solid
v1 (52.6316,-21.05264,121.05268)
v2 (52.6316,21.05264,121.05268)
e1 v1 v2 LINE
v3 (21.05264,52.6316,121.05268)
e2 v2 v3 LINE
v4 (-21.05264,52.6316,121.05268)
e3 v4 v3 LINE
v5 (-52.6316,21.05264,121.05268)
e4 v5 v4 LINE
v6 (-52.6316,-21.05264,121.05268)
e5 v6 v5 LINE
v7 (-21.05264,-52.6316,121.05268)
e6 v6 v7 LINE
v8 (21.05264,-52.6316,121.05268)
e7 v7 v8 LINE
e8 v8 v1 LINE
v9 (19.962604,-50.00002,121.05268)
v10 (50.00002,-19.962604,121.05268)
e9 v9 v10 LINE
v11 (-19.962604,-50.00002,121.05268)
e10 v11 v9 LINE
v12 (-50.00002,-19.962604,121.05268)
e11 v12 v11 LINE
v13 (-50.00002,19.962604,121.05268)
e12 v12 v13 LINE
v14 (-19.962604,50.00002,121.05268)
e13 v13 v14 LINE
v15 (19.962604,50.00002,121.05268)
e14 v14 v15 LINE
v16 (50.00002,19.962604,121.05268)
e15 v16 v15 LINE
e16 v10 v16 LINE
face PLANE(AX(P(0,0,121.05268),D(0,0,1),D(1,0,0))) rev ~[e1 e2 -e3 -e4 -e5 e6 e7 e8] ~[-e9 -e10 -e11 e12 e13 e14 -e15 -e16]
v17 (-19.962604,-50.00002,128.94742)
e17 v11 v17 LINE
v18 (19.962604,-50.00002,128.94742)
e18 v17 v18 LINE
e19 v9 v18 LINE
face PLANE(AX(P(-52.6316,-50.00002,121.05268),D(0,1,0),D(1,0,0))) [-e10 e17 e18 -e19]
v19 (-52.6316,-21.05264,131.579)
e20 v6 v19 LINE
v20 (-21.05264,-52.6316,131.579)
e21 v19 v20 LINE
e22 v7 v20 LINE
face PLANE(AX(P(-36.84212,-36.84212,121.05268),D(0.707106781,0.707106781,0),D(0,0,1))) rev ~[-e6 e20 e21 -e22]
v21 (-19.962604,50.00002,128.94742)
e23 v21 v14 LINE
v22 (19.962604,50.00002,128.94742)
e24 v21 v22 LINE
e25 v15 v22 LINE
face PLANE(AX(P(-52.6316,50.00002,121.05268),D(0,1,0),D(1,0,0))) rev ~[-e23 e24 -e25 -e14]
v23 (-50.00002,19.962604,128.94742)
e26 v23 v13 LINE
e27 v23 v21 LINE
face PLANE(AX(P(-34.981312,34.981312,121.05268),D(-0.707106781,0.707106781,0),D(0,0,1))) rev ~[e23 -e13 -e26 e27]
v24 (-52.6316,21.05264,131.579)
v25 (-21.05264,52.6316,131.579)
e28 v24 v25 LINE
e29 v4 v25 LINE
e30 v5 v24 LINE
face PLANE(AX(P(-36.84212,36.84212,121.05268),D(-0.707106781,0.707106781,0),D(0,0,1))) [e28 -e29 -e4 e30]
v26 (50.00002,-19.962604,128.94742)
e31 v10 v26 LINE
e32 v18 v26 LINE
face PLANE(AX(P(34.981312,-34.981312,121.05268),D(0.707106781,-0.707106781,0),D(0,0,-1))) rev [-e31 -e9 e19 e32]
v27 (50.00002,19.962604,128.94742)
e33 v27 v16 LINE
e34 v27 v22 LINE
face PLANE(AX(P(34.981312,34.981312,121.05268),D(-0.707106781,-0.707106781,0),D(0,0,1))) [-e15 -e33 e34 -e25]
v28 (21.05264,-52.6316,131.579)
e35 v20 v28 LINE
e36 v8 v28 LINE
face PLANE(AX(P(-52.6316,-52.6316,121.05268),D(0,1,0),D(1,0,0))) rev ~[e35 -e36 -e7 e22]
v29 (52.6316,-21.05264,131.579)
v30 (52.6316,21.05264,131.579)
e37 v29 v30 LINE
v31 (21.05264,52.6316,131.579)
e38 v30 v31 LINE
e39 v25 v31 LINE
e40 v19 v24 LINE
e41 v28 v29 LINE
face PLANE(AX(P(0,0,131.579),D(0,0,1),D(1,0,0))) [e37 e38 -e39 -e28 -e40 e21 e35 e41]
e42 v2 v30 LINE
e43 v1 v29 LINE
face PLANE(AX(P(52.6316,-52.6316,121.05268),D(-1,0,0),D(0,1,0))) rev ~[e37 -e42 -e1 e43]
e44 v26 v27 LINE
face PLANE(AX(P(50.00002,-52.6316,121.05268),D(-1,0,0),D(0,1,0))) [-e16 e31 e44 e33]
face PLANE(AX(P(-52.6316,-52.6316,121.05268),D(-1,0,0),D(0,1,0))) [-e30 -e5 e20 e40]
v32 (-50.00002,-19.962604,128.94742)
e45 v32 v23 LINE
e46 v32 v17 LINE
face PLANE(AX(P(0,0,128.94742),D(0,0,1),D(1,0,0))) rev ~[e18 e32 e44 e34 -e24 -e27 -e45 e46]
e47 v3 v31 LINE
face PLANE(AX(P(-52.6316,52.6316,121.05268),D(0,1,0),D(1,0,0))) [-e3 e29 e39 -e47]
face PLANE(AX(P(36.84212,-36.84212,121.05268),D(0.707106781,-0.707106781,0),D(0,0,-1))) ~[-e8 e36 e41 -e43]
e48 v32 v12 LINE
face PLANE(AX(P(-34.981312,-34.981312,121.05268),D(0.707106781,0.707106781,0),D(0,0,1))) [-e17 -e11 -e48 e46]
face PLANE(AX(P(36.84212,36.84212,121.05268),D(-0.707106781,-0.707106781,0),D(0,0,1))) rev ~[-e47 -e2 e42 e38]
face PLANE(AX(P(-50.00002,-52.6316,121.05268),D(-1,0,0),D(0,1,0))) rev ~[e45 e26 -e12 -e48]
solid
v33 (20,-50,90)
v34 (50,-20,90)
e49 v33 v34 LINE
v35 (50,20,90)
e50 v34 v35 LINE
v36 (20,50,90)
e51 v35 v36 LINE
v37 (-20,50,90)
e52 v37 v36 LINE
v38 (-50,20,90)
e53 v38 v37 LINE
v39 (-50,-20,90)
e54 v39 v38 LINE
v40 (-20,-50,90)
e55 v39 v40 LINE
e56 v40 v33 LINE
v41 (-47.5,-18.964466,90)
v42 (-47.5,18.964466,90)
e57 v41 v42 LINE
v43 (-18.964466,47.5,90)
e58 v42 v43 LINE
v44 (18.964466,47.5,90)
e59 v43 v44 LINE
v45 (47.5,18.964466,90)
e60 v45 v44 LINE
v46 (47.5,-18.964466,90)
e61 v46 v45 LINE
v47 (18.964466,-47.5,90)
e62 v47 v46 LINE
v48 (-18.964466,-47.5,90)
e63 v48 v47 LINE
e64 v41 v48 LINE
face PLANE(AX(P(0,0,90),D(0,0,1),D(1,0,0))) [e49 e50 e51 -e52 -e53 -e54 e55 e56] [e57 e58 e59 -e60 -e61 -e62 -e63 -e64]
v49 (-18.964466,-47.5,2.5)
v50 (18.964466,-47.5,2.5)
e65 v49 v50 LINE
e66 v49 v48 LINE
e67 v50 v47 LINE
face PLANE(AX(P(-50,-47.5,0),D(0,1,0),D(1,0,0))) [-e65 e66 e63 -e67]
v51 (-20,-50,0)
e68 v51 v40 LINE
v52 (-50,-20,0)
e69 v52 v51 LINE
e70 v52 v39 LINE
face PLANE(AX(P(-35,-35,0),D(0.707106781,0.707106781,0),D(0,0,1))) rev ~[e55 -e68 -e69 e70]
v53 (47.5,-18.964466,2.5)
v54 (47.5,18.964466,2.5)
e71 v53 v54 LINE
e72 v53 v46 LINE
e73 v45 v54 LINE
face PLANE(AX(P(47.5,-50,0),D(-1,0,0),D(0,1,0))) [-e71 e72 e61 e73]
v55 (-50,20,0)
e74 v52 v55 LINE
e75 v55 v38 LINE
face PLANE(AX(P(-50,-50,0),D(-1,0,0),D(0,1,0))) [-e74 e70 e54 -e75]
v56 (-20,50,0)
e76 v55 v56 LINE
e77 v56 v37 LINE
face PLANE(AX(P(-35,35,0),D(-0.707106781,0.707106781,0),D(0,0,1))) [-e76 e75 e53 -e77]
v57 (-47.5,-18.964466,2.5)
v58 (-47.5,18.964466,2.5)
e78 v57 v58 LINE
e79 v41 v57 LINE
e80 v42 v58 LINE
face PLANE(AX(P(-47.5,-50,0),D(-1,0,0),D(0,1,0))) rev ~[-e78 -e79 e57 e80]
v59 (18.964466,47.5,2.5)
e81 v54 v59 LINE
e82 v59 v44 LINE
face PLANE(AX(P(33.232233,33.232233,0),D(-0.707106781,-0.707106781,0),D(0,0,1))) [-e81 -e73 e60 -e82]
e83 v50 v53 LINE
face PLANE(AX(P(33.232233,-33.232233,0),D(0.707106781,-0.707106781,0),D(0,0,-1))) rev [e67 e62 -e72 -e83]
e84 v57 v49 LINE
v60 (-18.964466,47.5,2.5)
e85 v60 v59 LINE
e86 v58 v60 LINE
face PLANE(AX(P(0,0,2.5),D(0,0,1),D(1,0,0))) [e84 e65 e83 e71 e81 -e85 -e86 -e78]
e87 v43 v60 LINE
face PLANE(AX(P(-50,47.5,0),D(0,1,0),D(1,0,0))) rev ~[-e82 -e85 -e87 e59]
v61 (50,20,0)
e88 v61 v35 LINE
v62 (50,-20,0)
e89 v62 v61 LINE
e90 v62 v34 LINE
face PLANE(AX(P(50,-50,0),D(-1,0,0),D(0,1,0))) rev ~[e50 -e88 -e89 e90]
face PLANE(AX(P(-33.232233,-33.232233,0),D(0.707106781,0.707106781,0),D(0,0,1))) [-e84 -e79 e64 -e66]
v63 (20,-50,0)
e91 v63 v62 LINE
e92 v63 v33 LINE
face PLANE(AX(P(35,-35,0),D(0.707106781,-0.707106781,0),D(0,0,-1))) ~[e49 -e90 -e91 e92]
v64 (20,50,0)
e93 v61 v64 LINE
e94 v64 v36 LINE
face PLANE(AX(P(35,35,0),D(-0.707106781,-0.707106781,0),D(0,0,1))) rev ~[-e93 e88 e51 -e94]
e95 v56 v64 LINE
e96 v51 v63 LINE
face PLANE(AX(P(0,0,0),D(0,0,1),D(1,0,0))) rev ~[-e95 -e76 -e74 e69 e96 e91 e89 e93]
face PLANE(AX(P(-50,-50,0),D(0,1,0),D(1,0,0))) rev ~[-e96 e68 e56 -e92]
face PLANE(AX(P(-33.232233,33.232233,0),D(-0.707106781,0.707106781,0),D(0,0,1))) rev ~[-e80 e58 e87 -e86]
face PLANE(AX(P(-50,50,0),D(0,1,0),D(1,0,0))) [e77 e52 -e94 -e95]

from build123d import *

# Parameters (mm, degrees)
F0_W     = 100
F0_H     = 100
F1_DEPTH = 90
F2_SIZE  = 30
F3_T     = -2.5
F5_W     = 100
F5_H     = 100
F6_DEPTH = 10
F7_SIZE  = 30
F8_T     = -2.5
F9_SCALE = 1.052632


with BuildPart() as f1:
    # F0 (on Top) → F1 (new body)
    with BuildSketch(Plane.XY):
        Rectangle(F0_W, F0_H)
    extrude(amount=F1_DEPTH)

    # F2
    f2_edges = [f1.edges().sort_by_distance(p)[0] for p in [
        (-50, 50, 45),
        (50, 50, 45),
        (50, -50, 45),
        (-50, -50, 45),
    ]]
    chamfer(f2_edges, length=F2_SIZE)

    # F3
    f3_openings = [f1.faces().sort_by_distance(p)[0] for p in [
        (0, 0, 90),
    ]]
    offset(amount=F3_T, openings=f3_openings)


with BuildPart() as f6:
    # F5 (on offset) → F6 (new body)
    with BuildSketch(Plane.XY.offset(115)):
        Rectangle(F5_W, F5_H)
    extrude(amount=F6_DEPTH)

    # F7
    f7_edges = [f6.edges().sort_by_distance(p)[0] for p in [
        (-50, -50, 120),
        (-50, 50, 120),
        (50, 50, 120),
        (50, -50, 120),
    ]]
    chamfer(f7_edges, length=F7_SIZE)

    # F8
    f8_openings = [f6.faces().sort_by_distance(p)[0] for p in [
        (0, 0, 115),
    ]]
    offset(amount=F8_T, openings=f8_openings)


with BuildPart() as f6_1:
    # F9: moved
    add(f6.part.scale(F9_SCALE))


solid = Compound([f1.part, f6_1.part])
